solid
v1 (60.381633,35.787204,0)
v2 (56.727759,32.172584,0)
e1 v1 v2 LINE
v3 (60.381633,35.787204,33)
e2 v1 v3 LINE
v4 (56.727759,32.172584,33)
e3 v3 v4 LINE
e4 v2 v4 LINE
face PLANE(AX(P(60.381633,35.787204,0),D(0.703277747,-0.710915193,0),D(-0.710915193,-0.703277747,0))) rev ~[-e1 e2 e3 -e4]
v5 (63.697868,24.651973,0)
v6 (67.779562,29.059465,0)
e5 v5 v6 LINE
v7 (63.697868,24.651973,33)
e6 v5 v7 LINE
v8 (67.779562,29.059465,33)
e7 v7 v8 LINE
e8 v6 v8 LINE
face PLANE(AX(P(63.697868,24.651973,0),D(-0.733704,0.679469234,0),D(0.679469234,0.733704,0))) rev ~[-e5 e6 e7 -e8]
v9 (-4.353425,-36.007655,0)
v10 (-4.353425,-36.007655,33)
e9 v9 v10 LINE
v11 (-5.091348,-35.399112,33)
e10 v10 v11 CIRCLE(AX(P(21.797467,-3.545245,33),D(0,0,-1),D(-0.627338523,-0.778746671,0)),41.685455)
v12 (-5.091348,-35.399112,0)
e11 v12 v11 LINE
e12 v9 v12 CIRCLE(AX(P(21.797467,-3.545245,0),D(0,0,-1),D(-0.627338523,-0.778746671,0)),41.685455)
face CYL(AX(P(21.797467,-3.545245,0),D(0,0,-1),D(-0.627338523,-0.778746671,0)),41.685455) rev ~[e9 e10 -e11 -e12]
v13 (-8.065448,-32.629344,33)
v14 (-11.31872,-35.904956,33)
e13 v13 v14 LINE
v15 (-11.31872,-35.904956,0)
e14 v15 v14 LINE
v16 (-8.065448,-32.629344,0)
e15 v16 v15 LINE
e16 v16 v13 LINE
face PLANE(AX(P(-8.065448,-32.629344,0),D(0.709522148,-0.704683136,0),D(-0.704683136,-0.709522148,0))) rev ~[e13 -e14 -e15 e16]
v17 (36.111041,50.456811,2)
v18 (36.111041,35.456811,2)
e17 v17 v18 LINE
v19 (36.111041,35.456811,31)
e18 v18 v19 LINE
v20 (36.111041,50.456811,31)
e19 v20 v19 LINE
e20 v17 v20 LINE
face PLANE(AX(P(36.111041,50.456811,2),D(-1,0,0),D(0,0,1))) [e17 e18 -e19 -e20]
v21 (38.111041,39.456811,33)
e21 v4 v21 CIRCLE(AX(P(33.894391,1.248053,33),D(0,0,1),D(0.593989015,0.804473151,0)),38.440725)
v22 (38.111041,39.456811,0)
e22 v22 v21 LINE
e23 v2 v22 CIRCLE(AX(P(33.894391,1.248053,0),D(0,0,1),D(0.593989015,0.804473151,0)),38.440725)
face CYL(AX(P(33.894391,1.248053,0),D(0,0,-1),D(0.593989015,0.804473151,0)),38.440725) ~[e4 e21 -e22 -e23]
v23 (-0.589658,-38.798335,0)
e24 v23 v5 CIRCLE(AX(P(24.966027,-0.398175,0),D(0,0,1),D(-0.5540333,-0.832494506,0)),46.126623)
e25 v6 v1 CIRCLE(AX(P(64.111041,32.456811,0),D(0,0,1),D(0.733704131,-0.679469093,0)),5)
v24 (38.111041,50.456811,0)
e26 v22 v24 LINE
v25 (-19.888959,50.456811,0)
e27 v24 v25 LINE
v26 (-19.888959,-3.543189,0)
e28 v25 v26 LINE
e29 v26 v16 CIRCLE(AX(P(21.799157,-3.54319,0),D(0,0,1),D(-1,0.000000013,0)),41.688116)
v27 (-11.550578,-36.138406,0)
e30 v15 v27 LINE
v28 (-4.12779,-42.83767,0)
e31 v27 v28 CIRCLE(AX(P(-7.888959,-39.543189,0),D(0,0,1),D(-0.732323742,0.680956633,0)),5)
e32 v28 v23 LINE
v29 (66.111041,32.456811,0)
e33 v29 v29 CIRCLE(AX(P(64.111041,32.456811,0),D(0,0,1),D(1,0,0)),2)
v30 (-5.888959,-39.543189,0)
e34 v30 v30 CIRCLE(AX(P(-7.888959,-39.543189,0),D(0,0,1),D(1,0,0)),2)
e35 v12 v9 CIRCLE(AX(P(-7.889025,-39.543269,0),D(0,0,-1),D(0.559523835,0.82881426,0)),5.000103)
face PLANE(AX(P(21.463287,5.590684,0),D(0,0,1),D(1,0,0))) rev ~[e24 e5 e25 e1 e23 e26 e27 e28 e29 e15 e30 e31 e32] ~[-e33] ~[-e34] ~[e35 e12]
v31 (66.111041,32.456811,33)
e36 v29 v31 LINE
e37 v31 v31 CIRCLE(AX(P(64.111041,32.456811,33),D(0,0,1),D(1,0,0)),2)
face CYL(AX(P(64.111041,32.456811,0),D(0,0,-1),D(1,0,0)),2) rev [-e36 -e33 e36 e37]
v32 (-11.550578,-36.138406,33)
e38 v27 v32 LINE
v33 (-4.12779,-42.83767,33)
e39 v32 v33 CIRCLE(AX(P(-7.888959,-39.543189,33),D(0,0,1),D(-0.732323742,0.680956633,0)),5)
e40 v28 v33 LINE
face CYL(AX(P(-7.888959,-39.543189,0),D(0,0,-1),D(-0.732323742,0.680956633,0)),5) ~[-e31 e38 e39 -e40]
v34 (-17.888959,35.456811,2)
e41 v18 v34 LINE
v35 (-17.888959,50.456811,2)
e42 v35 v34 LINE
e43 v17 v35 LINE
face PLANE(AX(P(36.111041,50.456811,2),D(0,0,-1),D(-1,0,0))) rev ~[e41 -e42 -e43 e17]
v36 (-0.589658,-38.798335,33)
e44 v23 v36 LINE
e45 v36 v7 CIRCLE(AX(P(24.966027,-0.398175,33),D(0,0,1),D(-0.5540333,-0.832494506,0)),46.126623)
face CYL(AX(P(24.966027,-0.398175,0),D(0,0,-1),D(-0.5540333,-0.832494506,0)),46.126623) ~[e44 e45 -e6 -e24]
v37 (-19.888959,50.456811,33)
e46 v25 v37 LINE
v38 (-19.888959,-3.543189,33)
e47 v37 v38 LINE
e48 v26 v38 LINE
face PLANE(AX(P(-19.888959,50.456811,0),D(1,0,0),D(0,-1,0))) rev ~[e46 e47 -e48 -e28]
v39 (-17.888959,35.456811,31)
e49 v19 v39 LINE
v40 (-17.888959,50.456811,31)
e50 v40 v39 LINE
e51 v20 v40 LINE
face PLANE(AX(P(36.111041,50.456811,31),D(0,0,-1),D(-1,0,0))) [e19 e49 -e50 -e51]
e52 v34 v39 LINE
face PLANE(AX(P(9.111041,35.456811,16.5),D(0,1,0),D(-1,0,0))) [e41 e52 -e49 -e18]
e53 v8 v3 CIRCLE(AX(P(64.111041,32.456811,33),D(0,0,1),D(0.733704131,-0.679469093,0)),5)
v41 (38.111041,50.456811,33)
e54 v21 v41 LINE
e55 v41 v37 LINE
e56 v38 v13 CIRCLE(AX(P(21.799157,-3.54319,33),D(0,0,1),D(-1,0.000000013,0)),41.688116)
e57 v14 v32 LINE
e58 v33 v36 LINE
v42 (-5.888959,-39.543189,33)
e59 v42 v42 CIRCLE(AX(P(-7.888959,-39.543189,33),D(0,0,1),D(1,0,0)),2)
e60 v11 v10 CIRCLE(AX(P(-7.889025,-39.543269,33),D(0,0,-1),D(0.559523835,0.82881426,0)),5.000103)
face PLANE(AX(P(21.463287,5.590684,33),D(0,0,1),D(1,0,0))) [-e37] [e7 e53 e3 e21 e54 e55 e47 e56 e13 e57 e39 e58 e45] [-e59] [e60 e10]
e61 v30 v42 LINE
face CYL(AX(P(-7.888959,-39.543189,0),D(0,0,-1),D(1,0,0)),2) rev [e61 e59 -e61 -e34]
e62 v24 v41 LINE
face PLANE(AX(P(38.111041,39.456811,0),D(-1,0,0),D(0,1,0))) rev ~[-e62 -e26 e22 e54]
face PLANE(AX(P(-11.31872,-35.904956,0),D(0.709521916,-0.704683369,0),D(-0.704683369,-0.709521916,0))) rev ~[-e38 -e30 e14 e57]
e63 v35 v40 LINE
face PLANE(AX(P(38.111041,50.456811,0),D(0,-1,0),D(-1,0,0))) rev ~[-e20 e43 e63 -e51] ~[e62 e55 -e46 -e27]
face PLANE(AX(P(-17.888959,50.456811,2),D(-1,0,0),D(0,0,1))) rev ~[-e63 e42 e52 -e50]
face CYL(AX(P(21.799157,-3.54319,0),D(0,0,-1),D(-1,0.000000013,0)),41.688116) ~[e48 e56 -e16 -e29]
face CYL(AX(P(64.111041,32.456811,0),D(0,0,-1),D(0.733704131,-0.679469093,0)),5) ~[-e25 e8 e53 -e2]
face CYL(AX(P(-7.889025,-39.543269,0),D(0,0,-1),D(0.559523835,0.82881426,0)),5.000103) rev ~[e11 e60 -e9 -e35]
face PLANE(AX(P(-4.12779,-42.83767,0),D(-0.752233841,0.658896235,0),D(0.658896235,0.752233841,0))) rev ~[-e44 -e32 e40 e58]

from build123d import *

# Parameters (mm, degrees)
F0_R     = 2
F1_DEPTH = 33
F2_W     = 54
F2_H     = 29
F3_DEPTH = 15


with BuildPart() as f1:
    # F0 (on Top) → F1 (new body)
    with BuildSketch(Plane.XY):
        with BuildLine():
            Line((38.111041, 50.456811), (-19.888959, 50.456811))
            Line((-19.888959, 50.456811), (-19.888959, -3.543189))
            ThreePointArc((-19.888959, -3.543189), (-16.820127, -19.241913), (-8.065448, -32.629344))
            Line((-8.065448, -32.629344), (-11.31872, -35.904956))
            Line((-11.31872, -35.904956), (-11.550578, -36.138406))
            ThreePointArc((-11.550578, -36.138406), (-11.238961, -43.254993), (-4.12779, -42.83767))
            Line((-4.12779, -42.83767), (-0.589658, -38.798335))
            ThreePointArc((-0.589658, -38.798335), (57.368005, -33.227692), (63.697868, 24.651973))
            Line((63.697868, 24.651973), (67.779562, 29.059465))
            ThreePointArc((67.779562, 29.059465), (67.475048, 36.155927), (60.381633, 35.787204))
            Line((60.381633, 35.787204), (56.727759, 32.172584))
            ThreePointArc((56.727759, 32.172584), (47.901206, 37.046076), (38.111041, 39.456811))
            Line((38.111041, 39.456811), (38.111041, 50.456811))
        make_face()
        with Locations((-7.888959, -39.543189)):
            Circle(F0_R, mode=Mode.SUBTRACT)
        with BuildLine():
            ThreePointArc((-5.091348, -35.399112), (-4.707802, -35.685698), (-4.353425, -36.007655))
            ThreePointArc((-4.353425, -36.007655), (-4.724132, -35.7055), (-5.091348, -35.399112))
        make_face(mode=Mode.SUBTRACT)
        with Locations((64.111041, 32.456811)):
            Circle(F0_R, mode=Mode.SUBTRACT)
    extrude(amount=F1_DEPTH)

    # F2 (on face) → F3 (cut)
    with BuildSketch(Plane(origin=(0, 50.456811, 0), x_dir=(-1, 0, 0), z_dir=(0, 1, 0))):
        with Locations((-9.111041, 16.5)):
            Rectangle(F2_W, F2_H)
    extrude(amount=-F3_DEPTH, mode=Mode.SUBTRACT)


solid = f1.part
